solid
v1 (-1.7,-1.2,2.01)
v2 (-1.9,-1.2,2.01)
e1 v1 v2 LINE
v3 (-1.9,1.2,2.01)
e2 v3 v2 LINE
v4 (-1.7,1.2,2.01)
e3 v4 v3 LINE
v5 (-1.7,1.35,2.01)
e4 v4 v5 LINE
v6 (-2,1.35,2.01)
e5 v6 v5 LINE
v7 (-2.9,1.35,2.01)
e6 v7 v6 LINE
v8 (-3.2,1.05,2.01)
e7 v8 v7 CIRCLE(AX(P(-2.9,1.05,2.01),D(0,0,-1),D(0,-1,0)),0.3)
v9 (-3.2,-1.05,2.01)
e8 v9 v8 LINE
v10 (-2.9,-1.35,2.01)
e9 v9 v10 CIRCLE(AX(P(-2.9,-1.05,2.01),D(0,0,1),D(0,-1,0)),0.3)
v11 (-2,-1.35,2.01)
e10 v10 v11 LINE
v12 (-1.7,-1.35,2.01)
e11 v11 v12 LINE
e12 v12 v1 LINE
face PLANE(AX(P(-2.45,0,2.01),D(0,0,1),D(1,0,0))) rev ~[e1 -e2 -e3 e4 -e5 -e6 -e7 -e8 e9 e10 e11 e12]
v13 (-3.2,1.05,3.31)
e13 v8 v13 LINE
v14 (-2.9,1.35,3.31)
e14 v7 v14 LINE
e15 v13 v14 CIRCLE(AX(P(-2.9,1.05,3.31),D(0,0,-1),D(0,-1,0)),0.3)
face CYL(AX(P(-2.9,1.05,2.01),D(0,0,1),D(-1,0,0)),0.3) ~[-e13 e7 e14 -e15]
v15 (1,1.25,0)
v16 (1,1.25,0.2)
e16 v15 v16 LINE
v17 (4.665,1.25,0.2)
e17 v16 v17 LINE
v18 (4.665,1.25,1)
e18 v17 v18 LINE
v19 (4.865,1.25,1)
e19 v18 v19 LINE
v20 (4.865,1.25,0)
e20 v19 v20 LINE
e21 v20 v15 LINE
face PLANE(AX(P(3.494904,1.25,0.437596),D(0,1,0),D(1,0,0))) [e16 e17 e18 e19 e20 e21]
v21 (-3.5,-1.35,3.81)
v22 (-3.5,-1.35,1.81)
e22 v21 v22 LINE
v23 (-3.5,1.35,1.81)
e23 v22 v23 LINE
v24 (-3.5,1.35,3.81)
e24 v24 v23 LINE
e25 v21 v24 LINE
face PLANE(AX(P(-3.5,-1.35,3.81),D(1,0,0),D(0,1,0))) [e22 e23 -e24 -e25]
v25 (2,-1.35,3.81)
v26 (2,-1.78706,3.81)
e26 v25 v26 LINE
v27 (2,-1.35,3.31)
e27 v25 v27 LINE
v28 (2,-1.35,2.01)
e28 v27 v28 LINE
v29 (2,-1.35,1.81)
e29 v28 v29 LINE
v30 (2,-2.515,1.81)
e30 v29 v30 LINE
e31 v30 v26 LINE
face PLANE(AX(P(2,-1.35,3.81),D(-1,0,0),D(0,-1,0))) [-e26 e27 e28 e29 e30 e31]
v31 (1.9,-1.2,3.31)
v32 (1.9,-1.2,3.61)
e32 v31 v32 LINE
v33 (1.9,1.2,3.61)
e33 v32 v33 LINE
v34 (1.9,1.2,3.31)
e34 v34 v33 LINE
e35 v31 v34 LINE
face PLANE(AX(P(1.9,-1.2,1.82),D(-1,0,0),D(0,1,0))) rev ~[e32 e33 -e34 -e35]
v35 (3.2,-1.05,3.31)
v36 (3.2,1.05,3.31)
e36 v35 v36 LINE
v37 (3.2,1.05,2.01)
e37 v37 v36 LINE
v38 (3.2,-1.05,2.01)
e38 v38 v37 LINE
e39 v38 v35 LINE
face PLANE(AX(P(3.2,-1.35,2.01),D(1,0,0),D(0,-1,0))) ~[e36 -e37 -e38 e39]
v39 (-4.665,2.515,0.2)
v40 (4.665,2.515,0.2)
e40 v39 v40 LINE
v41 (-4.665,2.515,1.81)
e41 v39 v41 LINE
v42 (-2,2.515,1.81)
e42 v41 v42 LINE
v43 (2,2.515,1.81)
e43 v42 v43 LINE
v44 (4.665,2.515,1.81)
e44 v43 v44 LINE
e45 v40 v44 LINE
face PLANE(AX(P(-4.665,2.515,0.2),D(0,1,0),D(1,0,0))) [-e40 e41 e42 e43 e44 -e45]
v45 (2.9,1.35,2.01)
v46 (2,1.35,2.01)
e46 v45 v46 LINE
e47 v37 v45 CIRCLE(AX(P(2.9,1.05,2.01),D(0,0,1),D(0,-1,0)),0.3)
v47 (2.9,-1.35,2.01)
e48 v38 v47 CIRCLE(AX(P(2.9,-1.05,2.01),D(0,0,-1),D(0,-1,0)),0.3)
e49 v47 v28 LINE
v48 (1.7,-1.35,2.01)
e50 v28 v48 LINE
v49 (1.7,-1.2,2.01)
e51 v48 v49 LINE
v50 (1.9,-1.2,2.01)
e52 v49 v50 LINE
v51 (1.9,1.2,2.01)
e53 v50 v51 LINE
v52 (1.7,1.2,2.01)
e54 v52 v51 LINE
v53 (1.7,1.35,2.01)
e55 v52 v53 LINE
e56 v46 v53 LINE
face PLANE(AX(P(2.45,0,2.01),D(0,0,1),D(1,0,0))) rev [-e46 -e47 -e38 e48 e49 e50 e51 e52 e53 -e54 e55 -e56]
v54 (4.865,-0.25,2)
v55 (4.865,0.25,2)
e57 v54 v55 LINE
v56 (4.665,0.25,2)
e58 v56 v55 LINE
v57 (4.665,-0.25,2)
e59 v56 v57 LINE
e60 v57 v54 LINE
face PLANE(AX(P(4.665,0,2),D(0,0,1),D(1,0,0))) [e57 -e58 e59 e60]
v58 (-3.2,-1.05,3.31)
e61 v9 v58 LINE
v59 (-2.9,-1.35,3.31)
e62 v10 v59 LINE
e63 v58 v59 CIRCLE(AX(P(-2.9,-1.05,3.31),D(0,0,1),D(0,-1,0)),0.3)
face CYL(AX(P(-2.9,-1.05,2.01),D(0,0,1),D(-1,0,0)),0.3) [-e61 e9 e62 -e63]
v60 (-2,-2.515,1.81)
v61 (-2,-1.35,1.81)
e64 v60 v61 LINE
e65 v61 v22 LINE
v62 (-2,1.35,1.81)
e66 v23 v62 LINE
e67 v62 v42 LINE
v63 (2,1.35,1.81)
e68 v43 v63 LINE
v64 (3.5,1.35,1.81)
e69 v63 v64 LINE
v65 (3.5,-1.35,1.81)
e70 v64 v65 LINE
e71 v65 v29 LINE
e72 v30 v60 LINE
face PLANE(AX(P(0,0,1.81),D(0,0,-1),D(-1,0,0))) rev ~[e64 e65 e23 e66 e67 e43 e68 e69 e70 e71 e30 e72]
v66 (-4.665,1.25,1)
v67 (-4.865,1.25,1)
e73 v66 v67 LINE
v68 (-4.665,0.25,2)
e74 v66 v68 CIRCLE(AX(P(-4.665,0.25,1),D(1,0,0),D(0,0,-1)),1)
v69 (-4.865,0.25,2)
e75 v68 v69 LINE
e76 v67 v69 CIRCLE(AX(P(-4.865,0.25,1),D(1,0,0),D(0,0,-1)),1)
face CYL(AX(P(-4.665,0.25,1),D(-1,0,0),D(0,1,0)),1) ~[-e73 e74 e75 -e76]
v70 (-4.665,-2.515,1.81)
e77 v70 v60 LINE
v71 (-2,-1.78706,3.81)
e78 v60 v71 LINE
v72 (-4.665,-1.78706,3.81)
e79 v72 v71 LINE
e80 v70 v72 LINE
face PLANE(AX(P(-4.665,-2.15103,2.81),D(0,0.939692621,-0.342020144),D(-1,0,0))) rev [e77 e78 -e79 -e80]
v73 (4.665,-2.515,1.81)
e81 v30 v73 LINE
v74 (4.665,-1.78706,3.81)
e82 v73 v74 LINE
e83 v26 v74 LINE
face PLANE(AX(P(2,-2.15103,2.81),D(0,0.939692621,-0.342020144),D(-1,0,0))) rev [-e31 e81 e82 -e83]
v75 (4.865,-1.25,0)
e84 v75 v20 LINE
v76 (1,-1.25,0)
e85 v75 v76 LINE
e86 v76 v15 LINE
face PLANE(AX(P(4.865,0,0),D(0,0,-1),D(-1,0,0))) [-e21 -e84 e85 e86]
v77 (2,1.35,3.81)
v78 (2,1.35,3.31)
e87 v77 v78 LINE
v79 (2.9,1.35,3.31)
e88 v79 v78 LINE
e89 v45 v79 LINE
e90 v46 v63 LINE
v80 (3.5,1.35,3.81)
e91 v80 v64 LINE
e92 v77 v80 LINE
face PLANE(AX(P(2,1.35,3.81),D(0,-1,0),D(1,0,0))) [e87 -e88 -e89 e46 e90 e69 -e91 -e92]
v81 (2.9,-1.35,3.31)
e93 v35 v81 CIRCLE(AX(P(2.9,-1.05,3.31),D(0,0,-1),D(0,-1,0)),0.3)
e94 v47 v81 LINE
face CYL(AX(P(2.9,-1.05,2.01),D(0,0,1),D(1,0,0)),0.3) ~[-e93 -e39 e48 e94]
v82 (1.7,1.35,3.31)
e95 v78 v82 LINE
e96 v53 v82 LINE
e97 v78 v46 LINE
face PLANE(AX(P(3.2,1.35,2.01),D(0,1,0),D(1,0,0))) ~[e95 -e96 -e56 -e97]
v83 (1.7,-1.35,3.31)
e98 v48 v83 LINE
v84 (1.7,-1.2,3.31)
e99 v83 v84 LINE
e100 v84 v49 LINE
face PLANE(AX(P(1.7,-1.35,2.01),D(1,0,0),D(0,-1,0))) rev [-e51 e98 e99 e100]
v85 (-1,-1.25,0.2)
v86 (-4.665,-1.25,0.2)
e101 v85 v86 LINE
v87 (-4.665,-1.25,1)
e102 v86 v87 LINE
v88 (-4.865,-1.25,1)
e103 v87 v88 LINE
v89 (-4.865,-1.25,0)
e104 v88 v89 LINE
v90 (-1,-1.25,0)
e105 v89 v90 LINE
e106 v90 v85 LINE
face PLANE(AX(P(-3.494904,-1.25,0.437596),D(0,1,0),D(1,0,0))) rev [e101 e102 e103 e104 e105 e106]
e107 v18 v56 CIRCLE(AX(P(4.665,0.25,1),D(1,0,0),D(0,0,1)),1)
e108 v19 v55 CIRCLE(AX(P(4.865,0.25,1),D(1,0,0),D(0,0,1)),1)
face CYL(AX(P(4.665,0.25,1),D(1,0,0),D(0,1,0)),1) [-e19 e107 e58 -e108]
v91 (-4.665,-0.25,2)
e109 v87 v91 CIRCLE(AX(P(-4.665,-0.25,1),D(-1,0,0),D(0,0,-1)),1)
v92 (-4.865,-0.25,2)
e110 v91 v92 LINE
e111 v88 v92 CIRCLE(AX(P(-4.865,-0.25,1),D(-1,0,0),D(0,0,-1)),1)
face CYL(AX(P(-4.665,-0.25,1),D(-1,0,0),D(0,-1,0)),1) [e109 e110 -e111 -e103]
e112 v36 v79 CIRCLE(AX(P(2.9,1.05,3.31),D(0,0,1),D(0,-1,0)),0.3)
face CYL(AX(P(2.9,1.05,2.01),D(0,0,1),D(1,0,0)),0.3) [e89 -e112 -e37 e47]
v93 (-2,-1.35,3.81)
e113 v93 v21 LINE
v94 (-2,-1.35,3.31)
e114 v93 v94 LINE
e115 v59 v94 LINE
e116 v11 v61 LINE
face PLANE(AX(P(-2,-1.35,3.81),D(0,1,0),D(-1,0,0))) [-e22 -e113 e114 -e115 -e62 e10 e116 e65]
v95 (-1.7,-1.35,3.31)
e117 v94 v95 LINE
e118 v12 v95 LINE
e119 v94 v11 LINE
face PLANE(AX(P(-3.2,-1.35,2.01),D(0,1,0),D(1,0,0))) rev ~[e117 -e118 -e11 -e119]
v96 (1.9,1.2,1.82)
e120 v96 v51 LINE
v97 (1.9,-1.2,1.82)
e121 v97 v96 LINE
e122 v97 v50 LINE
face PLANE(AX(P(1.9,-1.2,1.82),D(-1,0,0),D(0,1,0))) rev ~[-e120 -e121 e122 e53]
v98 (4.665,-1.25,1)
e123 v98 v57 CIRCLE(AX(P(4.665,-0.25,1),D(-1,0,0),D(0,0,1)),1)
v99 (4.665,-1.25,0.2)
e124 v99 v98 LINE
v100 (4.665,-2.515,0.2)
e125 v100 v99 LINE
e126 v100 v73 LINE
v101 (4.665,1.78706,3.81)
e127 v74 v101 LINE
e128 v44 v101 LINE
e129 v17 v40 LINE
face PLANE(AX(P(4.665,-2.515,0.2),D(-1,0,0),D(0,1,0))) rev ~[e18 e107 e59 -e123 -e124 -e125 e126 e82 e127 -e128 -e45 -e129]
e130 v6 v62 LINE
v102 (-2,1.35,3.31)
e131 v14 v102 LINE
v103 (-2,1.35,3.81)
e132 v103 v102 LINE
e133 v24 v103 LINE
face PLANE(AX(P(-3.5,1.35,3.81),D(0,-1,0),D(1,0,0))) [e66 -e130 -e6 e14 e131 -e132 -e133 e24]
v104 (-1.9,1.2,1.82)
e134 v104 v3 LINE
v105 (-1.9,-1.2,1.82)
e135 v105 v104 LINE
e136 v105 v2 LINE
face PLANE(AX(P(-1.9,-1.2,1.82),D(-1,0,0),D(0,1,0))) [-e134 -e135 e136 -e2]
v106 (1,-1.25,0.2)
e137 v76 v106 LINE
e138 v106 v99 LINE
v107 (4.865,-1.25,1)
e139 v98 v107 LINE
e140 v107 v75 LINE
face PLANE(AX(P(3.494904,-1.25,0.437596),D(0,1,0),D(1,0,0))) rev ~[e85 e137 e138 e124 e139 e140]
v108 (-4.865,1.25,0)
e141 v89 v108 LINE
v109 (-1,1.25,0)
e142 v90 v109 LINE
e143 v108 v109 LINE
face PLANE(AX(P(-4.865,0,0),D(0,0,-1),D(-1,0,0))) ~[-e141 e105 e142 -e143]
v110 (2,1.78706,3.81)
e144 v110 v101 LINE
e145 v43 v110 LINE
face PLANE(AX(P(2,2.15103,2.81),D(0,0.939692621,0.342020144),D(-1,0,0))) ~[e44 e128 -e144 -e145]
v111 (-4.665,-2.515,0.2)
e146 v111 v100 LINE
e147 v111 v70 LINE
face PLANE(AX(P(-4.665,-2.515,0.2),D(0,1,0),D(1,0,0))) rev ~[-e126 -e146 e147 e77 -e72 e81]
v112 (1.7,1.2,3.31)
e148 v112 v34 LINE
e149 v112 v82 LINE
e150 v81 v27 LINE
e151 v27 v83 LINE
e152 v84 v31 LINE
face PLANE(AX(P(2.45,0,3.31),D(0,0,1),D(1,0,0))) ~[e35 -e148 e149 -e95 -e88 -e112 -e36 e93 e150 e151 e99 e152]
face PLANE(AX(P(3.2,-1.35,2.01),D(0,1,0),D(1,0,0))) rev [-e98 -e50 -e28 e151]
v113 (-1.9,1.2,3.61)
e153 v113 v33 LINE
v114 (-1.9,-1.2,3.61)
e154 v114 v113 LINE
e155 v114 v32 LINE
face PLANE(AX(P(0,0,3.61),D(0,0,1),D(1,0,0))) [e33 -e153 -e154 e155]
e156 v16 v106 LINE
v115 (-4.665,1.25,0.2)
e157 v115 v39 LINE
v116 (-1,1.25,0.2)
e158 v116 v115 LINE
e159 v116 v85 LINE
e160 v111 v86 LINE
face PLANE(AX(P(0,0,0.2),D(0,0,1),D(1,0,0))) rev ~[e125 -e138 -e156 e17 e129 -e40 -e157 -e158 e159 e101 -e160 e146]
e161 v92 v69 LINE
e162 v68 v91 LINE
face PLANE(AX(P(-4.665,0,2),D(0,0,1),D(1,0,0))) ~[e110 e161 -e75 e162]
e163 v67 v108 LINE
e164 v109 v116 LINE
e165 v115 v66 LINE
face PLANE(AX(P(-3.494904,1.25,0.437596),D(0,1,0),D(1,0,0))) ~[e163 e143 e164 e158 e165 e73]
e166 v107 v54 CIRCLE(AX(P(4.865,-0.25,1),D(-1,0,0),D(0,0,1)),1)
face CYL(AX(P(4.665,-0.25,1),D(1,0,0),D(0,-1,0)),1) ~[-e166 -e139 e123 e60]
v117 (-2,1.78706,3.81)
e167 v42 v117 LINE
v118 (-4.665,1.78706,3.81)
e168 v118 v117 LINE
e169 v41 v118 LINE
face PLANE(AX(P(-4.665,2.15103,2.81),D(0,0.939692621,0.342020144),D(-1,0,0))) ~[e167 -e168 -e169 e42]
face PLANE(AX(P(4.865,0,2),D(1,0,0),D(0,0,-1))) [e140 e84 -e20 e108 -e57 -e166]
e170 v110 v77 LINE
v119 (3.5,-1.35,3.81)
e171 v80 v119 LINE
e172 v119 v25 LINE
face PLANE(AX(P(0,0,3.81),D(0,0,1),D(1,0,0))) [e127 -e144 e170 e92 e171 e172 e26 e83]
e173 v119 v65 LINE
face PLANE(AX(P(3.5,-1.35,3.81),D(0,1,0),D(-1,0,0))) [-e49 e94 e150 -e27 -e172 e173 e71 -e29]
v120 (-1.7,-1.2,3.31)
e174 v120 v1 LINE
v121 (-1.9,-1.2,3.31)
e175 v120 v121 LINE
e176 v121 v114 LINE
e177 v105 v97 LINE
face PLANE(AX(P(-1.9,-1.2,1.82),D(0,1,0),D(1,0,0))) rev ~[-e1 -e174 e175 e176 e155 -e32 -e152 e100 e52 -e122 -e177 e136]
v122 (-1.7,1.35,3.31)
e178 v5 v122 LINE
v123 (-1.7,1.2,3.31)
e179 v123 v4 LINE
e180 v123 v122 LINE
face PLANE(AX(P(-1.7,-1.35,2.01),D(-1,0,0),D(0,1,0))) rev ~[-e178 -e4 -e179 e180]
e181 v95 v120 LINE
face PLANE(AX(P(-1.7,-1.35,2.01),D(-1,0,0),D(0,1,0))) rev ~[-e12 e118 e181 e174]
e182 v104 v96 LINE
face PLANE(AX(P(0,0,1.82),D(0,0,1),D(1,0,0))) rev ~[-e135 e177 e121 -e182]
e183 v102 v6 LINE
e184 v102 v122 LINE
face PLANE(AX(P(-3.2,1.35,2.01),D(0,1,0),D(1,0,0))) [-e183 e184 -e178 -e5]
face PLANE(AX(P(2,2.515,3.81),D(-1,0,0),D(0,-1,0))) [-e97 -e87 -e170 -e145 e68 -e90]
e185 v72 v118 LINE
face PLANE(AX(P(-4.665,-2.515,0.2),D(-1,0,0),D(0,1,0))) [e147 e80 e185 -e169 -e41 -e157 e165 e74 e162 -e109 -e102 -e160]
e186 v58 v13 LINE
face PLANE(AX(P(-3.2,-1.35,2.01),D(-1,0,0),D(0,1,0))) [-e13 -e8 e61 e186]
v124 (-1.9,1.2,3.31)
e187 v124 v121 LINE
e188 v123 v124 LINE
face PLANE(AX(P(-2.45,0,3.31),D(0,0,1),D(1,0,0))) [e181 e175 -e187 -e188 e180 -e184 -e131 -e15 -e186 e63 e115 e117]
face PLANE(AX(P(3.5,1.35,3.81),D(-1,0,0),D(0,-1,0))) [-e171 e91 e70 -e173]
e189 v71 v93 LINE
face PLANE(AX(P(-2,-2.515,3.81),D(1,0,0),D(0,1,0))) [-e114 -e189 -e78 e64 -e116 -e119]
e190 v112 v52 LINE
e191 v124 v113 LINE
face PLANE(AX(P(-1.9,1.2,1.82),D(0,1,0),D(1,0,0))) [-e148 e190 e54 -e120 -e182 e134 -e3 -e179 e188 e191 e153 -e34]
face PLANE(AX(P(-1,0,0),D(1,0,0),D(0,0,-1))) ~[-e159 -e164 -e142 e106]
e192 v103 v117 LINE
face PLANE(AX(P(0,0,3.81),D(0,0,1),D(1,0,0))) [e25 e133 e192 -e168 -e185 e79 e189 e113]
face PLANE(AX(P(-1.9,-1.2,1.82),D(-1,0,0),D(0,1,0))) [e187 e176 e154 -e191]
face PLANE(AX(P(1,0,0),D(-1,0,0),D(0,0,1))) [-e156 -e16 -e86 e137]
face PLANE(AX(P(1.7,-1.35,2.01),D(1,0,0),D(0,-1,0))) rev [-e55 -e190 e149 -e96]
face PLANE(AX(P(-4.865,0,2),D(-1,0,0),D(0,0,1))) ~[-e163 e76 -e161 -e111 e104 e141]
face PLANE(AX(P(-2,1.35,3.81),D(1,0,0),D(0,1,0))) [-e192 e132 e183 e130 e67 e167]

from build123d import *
from OCP.BRepFilletAPI import BRepFilletAPI_MakeChamfer

# Parameters (mm, degrees)
BOSS_EXTRUDE1_START  = 0.2
SKETCH1_W            = 9.33
SKETCH1_H            = 5.03
BOSS_EXTRUDE1_DEPTH  = 3.61
CUT_EXTRUDE1_DEPTH   = 2
CHAMFER1_SIZE        = 2
CHAMFER1_SIZE2       = 0.727940469
BOSS_EXTRUDE3_DEPTH  = 1.25
FILLET2_R            = 1
FILLET2_OF_MIRROR1_R = 1
BOSS_EXTRUDE4_START  = 0.2
SKETCH7_W            = 1.5
SKETCH7_H            = 2.7
BOSS_EXTRUDE4_DEPTH  = 1.3
FILLET3_R            = 0.3
BOSS_EXTRUDE5_START  = -1.49
SKETCH8_W            = 3.8
SKETCH8_H            = 2.4
BOSS_EXTRUDE5_DEPTH  = 1.79


with BuildPart() as part:
    # Sketch1 → Boss-Extrude1 (new body)
    with BuildSketch(Plane.XY.offset(BOSS_EXTRUDE1_START)):
        Rectangle(SKETCH1_W, SKETCH1_H)
    extrude(amount=BOSS_EXTRUDE1_DEPTH)

    # Sketch2 → Cut-Extrude1 (cut)
    with BuildSketch(Plane.XY.offset(3.81)):
        Polygon((-3.5, 1.35), (-2, 1.35), (-2, 2.515), (2, 2.515), (2, 1.35), (3.5, 1.35), (3.5, -1.35), (2, -1.35), (2, -2.515), (-2, -2.515), (-2, -1.35), (-3.5, -1.35), align=None)
    extrude(amount=-CUT_EXTRUDE1_DEPTH, mode=Mode.SUBTRACT)

    # Chamfer1: one chamfer whose edges measure the first distance from different faces: ONE call of the kernel's chamfer builder (chamfer() names one face for all edges)
    chamfer1_edges_1 = [part.edges().sort_by_distance(p)[0] for p in [
        (-3.3325, 2.515, 3.81),
        (3.3325, 2.515, 3.81),
    ]]
    chamfer1_side_1 = [part.faces().sort_by_distance(p)[0] for p in [
        (0, 2.515, 1.754233878),
    ]]
    chamfer1_edges_2 = [part.edges().sort_by_distance(p)[0] for p in [
        (3.3325, -2.515, 3.81),
        (-3.3325, -2.515, 3.81),
    ]]
    chamfer1_side_2 = [part.faces().sort_by_distance(p)[0] for p in [
        (0, -2.515, 1.754233878),
    ]]
    chamfer1 = BRepFilletAPI_MakeChamfer(part.part.solid().wrapped)
    for e in chamfer1_edges_1:
        chamfer1.Add(CHAMFER1_SIZE, CHAMFER1_SIZE2, e.wrapped, chamfer1_side_1[0].wrapped)  # the first distance lies on this face
    for e in chamfer1_edges_2:
        chamfer1.Add(CHAMFER1_SIZE, CHAMFER1_SIZE2, e.wrapped, chamfer1_side_2[0].wrapped)  # the first distance lies on this face
    add(Compound.cast(chamfer1.Shape()), mode=Mode.REPLACE)

    # Sketch6 → Boss-Extrude3 (add, symmetric)
    with BuildSketch(Plane(origin=(0, 0, 0), x_dir=(1, 0, 0), z_dir=(0, 1, 0))):
        Polygon((4.665, -2), (4.865, -2), (4.865, 0), (1, 0), (1, -0.2), (4.665, -0.2), align=None)
    boss_extrude3 = extrude(amount=BOSS_EXTRUDE3_DEPTH, both=True)

    # Fillet2
    fillet2_edges = [part.edges().sort_by_distance(p)[0] for p in [
        (4.765, -1.25, 2),
        (4.765, 1.25, 2),
    ]]
    fillet(fillet2_edges, radius=FILLET2_R)

    # Mirror1: Boss-Extrude3 across plane
    add(boss_extrude3.mirror(Plane(origin=(0, 0, 0), x_dir=(0, 0, 1), z_dir=(1, 0, 0))))

    # Fillet2 of Mirror1
    fillet2_of_mirror1_edges = [part.edges().sort_by_distance(p)[0] for p in [
        (-4.765, -1.25, 2),
        (-4.765, 1.25, 2),
    ]]
    fillet(fillet2_of_mirror1_edges, radius=FILLET2_OF_MIRROR1_R)



with BuildPart() as body_2:
    # Sketch7 → Boss-Extrude4 (new body)
    with BuildSketch(Plane.XY.offset(1.81).offset(BOSS_EXTRUDE4_START)):
        with Locations((-2.45, 0)):
            Rectangle(SKETCH7_W, SKETCH7_H)
    extrude(amount=BOSS_EXTRUDE4_DEPTH)

    # Fillet3
    fillet3_edges = [body_2.edges().sort_by_distance(p)[0] for p in [
        (-3.2, 1.35, 2.66),
        (-3.2, -1.35, 2.66),
    ]]
    fillet(fillet3_edges, radius=FILLET3_R)


with BuildPart() as body_3:
    # Mirror2: mirrored copy
    add(body_2.part.mirror(Plane(origin=(0, 0, 0), x_dir=(0, 0, 1), z_dir=(1, 0, 0))))


with BuildPart() as part_1:
    add(part.part)

    add(body_2.part)  # Boss-Extrude5 merges body 2

    add(body_3.part)  # Boss-Extrude5 merges body 3
    # Sketch8 → Boss-Extrude5 (add)
    with BuildSketch(Plane.XY.offset(3.31).offset(BOSS_EXTRUDE5_START)):
        Rectangle(SKETCH8_W, SKETCH8_H)
    extrude(amount=BOSS_EXTRUDE5_DEPTH)


solid = part_1.part
